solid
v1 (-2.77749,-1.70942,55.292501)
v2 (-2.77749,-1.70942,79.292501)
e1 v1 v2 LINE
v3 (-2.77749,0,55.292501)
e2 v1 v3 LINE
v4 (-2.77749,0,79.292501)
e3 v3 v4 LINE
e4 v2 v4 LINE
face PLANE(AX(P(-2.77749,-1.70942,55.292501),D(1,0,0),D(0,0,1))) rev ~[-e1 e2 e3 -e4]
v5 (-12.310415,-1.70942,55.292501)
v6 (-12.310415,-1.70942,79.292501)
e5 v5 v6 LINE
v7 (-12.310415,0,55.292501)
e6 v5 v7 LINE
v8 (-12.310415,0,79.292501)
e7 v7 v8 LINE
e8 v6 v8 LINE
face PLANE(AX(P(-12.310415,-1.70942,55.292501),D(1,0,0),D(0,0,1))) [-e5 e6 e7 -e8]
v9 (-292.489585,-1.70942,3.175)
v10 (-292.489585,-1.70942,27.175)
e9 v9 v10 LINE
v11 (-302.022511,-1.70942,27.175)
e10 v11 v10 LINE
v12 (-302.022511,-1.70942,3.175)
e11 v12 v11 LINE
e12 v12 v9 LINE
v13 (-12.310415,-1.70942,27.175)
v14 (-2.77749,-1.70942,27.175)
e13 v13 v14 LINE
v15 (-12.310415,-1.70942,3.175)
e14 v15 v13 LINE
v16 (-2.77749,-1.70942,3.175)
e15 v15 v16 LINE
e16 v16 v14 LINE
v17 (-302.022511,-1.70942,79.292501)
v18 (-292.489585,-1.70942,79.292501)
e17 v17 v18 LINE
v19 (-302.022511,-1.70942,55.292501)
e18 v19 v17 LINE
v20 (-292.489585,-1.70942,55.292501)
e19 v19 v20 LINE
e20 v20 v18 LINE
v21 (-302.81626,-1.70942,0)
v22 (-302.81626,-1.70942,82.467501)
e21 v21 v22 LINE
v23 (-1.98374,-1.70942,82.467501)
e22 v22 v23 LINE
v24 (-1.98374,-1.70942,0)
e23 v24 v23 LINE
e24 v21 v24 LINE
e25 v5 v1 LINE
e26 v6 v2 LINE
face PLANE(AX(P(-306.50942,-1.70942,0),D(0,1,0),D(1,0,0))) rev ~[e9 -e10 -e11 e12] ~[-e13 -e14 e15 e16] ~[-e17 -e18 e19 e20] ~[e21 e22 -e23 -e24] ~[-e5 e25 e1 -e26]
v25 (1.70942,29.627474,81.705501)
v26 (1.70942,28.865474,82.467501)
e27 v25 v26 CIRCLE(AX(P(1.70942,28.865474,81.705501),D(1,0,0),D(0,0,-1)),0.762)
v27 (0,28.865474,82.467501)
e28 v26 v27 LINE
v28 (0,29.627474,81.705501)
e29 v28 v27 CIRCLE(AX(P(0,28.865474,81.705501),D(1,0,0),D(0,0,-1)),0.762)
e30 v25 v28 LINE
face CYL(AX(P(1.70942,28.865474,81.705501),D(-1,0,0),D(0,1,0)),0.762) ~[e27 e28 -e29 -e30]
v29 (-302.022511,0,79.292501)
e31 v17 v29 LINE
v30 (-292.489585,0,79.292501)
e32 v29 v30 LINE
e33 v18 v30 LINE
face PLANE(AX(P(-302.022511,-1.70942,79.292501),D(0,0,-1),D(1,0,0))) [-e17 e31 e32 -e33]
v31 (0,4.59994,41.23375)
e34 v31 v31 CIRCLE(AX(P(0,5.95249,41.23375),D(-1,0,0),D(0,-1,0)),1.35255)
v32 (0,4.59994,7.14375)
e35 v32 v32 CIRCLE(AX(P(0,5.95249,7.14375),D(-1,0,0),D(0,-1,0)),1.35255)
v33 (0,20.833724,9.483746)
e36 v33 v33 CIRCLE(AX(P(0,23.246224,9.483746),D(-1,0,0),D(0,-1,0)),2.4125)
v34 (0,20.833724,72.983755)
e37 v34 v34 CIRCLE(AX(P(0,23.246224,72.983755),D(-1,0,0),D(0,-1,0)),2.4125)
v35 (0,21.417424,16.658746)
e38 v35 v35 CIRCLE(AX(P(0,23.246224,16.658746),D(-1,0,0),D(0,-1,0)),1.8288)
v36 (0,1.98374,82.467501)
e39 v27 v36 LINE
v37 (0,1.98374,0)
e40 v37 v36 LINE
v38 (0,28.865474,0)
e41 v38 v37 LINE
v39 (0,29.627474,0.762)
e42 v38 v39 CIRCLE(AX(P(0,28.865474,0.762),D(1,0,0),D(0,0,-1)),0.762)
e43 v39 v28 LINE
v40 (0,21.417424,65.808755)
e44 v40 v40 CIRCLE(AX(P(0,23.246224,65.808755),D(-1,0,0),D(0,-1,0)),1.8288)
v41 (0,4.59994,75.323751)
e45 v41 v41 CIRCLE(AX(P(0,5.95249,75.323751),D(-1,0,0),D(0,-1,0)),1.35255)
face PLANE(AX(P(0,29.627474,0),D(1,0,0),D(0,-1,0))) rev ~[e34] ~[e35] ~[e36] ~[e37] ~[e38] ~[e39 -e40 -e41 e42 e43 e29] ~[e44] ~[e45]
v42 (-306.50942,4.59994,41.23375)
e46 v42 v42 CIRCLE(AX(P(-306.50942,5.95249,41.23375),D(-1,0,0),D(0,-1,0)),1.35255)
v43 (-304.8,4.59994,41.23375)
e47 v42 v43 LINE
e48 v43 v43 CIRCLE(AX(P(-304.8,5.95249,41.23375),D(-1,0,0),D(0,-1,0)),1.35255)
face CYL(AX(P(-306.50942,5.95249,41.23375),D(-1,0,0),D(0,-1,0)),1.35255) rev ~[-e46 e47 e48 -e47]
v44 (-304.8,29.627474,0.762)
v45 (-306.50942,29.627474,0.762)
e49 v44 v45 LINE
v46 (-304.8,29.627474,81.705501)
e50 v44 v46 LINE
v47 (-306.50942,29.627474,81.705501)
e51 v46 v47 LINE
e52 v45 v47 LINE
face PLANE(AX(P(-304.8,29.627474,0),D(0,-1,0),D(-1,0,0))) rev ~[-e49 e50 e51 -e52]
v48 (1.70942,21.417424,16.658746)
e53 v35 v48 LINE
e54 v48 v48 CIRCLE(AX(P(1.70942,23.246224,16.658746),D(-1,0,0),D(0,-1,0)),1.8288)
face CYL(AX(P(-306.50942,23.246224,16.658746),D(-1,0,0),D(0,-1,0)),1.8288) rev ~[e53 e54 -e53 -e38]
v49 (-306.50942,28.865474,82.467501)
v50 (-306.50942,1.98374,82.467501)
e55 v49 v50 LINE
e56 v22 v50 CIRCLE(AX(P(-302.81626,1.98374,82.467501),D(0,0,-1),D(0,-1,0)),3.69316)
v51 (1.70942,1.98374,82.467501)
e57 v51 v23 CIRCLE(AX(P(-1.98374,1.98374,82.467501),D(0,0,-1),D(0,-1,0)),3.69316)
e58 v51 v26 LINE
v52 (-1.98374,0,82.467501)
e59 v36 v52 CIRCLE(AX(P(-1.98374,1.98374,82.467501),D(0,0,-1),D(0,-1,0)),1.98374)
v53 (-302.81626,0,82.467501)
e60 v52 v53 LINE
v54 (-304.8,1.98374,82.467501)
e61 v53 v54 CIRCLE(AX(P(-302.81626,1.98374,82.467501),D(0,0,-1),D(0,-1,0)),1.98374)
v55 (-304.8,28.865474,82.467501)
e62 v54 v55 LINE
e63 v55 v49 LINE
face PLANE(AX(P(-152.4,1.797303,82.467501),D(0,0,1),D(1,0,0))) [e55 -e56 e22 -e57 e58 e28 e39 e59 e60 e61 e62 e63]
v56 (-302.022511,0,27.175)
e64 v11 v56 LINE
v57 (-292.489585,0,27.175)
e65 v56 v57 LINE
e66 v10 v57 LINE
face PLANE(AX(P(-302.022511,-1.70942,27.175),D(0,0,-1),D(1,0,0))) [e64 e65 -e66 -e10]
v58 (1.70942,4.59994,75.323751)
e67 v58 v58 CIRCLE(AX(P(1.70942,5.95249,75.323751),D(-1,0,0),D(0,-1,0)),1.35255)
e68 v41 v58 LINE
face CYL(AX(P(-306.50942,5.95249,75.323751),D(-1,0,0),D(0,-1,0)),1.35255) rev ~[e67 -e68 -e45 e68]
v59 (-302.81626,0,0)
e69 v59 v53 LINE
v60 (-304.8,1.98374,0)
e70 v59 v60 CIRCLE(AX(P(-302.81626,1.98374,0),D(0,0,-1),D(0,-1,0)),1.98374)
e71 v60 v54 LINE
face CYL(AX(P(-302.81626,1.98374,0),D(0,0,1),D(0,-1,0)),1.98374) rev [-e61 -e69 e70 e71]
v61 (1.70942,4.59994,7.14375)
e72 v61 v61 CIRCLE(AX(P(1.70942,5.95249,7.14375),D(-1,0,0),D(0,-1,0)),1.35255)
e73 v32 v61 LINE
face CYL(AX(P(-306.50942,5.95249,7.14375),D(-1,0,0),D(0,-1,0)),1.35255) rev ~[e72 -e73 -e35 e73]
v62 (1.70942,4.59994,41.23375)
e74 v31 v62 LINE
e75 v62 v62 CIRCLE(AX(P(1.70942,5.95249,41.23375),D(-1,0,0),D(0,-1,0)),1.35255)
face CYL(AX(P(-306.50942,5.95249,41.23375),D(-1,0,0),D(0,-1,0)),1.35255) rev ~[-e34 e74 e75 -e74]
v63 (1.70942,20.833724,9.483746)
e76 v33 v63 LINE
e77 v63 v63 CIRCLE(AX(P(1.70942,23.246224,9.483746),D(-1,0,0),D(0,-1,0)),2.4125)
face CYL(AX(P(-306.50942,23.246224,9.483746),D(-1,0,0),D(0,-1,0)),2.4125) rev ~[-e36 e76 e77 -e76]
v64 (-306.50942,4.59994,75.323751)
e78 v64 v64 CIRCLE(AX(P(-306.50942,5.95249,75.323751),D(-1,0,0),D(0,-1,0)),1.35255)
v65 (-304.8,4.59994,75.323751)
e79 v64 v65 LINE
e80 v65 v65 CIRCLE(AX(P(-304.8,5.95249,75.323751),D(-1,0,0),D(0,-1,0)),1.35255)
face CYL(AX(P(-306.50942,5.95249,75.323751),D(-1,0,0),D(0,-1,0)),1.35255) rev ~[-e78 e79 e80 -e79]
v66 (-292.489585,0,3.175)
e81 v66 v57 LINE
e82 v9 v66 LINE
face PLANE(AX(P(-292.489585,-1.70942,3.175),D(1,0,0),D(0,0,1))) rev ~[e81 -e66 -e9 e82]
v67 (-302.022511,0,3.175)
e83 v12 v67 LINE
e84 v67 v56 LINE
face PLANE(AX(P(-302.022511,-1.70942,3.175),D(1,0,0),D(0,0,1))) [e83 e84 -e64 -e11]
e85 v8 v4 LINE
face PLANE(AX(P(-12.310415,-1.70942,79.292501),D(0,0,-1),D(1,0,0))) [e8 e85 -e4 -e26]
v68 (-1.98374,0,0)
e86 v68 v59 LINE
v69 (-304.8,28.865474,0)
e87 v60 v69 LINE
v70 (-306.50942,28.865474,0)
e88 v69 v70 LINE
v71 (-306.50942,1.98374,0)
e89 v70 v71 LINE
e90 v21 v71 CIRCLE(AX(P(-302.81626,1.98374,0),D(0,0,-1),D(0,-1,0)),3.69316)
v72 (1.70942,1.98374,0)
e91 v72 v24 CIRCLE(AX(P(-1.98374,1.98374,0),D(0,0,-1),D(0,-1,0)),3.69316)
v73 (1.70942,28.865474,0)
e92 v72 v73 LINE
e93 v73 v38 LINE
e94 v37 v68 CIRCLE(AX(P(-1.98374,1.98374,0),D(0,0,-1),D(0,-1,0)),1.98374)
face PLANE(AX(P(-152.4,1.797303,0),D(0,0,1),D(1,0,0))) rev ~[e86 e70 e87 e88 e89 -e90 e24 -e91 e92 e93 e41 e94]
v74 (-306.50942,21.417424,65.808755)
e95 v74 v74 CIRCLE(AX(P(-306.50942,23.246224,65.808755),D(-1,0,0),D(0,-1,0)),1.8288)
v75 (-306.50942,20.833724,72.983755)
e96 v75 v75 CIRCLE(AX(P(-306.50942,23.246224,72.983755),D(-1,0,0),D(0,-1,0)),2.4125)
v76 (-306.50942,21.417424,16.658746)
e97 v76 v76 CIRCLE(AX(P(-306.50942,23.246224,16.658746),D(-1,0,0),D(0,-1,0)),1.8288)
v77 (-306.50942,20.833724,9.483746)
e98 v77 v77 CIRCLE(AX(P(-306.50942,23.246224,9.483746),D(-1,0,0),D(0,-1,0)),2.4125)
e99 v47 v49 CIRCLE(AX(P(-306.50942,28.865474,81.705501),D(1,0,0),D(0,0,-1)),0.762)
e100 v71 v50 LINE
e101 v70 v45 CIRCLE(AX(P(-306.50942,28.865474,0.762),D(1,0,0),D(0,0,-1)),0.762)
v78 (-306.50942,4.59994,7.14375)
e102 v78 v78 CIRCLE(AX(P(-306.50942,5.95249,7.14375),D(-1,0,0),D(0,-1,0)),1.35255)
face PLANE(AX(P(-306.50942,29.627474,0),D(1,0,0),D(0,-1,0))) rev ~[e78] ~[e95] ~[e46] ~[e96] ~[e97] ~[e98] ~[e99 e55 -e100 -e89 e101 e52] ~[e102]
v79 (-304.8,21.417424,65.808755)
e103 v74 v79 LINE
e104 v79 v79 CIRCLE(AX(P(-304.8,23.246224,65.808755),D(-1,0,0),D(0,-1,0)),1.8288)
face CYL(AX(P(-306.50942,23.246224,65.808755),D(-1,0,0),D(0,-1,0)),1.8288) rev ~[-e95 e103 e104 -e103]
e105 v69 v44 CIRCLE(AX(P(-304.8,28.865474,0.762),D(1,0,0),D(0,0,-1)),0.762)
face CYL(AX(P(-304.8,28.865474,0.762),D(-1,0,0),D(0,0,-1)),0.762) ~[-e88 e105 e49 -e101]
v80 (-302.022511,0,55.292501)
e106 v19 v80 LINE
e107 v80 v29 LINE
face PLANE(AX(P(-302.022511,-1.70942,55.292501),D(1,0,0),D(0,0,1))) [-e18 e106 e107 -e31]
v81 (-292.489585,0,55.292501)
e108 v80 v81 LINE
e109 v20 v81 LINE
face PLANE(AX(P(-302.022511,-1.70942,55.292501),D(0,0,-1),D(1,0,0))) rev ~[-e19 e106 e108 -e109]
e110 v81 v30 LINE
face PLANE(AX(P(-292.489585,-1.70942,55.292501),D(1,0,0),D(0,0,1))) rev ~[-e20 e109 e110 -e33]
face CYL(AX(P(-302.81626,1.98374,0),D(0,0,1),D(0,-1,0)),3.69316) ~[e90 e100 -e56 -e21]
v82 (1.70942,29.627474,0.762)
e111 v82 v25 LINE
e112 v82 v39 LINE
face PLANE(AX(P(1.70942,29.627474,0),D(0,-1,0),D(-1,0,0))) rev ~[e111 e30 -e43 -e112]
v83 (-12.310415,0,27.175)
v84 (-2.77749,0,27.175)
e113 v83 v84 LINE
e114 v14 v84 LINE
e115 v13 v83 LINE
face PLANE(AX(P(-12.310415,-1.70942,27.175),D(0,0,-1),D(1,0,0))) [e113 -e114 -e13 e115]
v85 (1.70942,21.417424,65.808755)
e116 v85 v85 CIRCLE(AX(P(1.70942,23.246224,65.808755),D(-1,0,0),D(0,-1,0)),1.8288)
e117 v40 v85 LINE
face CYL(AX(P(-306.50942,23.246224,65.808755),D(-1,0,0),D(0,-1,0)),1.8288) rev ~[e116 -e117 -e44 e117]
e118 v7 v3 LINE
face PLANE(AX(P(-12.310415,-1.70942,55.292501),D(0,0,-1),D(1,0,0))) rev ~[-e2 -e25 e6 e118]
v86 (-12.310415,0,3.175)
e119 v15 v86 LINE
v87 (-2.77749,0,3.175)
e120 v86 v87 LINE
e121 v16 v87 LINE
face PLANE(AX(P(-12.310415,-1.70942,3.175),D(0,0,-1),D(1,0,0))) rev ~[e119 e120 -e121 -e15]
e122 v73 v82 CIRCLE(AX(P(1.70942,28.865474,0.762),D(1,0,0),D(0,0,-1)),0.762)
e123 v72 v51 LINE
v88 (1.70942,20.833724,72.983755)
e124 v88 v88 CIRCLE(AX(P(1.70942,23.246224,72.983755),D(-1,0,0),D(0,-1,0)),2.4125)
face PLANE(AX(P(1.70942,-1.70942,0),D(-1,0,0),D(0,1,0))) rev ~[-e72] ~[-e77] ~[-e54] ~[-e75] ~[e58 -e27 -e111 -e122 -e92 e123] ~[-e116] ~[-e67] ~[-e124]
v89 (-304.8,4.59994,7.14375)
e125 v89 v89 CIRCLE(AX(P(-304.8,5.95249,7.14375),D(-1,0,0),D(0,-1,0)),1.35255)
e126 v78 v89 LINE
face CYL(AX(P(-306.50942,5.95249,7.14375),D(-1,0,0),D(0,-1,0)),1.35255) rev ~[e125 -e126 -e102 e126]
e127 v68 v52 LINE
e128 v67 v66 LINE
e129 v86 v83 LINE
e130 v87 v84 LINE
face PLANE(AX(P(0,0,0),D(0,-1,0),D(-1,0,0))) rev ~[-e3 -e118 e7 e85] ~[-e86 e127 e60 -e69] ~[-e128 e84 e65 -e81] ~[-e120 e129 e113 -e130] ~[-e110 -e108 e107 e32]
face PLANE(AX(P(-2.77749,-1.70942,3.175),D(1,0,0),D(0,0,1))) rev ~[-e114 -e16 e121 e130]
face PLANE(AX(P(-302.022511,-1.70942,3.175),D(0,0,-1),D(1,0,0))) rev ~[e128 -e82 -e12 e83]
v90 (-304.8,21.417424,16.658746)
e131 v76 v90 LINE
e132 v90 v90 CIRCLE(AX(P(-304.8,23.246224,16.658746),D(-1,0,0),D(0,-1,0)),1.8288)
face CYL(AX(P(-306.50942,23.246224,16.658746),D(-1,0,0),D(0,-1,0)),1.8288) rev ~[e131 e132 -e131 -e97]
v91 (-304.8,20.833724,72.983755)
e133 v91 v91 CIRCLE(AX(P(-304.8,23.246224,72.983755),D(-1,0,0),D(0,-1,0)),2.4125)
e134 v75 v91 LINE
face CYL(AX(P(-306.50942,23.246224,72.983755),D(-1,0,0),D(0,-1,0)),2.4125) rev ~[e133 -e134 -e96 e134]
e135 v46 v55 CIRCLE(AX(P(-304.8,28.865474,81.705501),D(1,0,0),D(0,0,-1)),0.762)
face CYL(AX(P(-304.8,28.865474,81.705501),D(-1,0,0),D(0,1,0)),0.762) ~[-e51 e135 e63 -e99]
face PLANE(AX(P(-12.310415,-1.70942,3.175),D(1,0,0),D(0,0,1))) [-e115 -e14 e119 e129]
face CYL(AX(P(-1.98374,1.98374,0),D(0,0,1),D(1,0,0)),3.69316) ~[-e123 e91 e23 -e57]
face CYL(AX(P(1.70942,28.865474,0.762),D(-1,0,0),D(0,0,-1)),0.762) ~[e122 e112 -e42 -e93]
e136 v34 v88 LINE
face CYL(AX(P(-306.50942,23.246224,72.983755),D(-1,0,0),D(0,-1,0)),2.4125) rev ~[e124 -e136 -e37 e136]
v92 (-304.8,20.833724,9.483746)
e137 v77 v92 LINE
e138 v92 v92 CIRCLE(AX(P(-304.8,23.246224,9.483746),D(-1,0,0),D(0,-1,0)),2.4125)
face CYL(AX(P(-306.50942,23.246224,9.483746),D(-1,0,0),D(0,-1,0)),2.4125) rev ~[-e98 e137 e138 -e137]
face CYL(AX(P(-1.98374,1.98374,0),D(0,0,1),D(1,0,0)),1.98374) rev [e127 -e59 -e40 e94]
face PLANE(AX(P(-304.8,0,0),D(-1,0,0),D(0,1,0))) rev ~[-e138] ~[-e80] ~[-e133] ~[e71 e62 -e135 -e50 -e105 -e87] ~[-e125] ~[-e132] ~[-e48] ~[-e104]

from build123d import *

# Parameters (mm, degrees)
F1_DEPTH = 82.467501
F2_R     = 1.98374
F3_R     = 3.69316
F4_R     = 2.4125
F4_R_2   = 1.8288
F4_R_3   = 1.35255
F5_DEPTH = 308.21884
F6_W     = 9.532925
F6_H     = 24
F7_DEPTH = 31.336894
F8_R     = 0.762


with BuildPart() as f1:
    # F0 (on Top) → F1 (new body)
    with BuildSketch(Plane.XY):
        Polygon((0, 29.627474), (0, 0), (-304.8, 0), (-304.8, 29.627474), (-306.50942, 29.627474), (-306.50942, -1.70942), (1.70942, -1.70942), (1.70942, 29.627474), align=None)
    extrude(amount=F1_DEPTH)

    # F2
    f2_edges = [f1.edges().sort_by_distance(p)[0] for p in [
        (0, 0, 41.23375),
        (-304.8, 0, 41.23375),
    ]]
    fillet(f2_edges, radius=F2_R)

    # F3
    f3_edges = [f1.edges().sort_by_distance(p)[0] for p in [
        (1.70942, -1.70942, 41.23375),
        (-306.50942, -1.70942, 41.23375),
    ]]
    fillet(f3_edges, radius=F3_R)

    # F4 (on face) → F5 (cut, through all)
    with BuildSketch(Plane(origin=(-306.50942, 0, 0), x_dir=(0, -1, 0), z_dir=(-1, 0, 0))):
        with Locations((-23.246224, 9.483746)):
            Circle(F4_R)
        with Locations((-23.246224, 72.983755)):
            Circle(F4_R)
        with Locations((-23.246224, 65.808755)):
            Circle(F4_R_2)
        with Locations((-23.246224, 16.658746)):
            Circle(F4_R_2)
        with Locations((-5.95249, 7.14375)):
            Circle(F4_R_3)
        with Locations((-5.95249, 75.323751)):
            Circle(F4_R_3)
        with Locations((-5.95249, 41.23375)):
            Circle(F4_R_3)
    extrude(amount=-F5_DEPTH, mode=Mode.SUBTRACT)

    # F6 (on face) → F7 (cut, through all)
    with BuildSketch(Plane.XZ.offset(1.70942)):
        with Locations((-7.543952, 15.175)):
            Rectangle(F6_W, F6_H)
        with Locations((-7.543952, 67.292501)):
            Rectangle(F6_W, F6_H)
        with Locations((-297.256048, 67.292501)):
            Rectangle(F6_W, F6_H)
        with Locations((-297.256048, 15.175)):
            Rectangle(F6_W, F6_H)
    extrude(amount=-F7_DEPTH, mode=Mode.SUBTRACT)

    # F8
    f8_edges = [f1.edges().sort_by_distance(p)[0] for p in [
        (0.85471, 29.627474, 82.467501),
        (0.85471, 29.627474, 0),
        (-305.65471, 29.627474, 0),
        (-305.65471, 29.627474, 82.467501),
    ]]
    fillet(f8_edges, radius=F8_R)


solid = f1.part
